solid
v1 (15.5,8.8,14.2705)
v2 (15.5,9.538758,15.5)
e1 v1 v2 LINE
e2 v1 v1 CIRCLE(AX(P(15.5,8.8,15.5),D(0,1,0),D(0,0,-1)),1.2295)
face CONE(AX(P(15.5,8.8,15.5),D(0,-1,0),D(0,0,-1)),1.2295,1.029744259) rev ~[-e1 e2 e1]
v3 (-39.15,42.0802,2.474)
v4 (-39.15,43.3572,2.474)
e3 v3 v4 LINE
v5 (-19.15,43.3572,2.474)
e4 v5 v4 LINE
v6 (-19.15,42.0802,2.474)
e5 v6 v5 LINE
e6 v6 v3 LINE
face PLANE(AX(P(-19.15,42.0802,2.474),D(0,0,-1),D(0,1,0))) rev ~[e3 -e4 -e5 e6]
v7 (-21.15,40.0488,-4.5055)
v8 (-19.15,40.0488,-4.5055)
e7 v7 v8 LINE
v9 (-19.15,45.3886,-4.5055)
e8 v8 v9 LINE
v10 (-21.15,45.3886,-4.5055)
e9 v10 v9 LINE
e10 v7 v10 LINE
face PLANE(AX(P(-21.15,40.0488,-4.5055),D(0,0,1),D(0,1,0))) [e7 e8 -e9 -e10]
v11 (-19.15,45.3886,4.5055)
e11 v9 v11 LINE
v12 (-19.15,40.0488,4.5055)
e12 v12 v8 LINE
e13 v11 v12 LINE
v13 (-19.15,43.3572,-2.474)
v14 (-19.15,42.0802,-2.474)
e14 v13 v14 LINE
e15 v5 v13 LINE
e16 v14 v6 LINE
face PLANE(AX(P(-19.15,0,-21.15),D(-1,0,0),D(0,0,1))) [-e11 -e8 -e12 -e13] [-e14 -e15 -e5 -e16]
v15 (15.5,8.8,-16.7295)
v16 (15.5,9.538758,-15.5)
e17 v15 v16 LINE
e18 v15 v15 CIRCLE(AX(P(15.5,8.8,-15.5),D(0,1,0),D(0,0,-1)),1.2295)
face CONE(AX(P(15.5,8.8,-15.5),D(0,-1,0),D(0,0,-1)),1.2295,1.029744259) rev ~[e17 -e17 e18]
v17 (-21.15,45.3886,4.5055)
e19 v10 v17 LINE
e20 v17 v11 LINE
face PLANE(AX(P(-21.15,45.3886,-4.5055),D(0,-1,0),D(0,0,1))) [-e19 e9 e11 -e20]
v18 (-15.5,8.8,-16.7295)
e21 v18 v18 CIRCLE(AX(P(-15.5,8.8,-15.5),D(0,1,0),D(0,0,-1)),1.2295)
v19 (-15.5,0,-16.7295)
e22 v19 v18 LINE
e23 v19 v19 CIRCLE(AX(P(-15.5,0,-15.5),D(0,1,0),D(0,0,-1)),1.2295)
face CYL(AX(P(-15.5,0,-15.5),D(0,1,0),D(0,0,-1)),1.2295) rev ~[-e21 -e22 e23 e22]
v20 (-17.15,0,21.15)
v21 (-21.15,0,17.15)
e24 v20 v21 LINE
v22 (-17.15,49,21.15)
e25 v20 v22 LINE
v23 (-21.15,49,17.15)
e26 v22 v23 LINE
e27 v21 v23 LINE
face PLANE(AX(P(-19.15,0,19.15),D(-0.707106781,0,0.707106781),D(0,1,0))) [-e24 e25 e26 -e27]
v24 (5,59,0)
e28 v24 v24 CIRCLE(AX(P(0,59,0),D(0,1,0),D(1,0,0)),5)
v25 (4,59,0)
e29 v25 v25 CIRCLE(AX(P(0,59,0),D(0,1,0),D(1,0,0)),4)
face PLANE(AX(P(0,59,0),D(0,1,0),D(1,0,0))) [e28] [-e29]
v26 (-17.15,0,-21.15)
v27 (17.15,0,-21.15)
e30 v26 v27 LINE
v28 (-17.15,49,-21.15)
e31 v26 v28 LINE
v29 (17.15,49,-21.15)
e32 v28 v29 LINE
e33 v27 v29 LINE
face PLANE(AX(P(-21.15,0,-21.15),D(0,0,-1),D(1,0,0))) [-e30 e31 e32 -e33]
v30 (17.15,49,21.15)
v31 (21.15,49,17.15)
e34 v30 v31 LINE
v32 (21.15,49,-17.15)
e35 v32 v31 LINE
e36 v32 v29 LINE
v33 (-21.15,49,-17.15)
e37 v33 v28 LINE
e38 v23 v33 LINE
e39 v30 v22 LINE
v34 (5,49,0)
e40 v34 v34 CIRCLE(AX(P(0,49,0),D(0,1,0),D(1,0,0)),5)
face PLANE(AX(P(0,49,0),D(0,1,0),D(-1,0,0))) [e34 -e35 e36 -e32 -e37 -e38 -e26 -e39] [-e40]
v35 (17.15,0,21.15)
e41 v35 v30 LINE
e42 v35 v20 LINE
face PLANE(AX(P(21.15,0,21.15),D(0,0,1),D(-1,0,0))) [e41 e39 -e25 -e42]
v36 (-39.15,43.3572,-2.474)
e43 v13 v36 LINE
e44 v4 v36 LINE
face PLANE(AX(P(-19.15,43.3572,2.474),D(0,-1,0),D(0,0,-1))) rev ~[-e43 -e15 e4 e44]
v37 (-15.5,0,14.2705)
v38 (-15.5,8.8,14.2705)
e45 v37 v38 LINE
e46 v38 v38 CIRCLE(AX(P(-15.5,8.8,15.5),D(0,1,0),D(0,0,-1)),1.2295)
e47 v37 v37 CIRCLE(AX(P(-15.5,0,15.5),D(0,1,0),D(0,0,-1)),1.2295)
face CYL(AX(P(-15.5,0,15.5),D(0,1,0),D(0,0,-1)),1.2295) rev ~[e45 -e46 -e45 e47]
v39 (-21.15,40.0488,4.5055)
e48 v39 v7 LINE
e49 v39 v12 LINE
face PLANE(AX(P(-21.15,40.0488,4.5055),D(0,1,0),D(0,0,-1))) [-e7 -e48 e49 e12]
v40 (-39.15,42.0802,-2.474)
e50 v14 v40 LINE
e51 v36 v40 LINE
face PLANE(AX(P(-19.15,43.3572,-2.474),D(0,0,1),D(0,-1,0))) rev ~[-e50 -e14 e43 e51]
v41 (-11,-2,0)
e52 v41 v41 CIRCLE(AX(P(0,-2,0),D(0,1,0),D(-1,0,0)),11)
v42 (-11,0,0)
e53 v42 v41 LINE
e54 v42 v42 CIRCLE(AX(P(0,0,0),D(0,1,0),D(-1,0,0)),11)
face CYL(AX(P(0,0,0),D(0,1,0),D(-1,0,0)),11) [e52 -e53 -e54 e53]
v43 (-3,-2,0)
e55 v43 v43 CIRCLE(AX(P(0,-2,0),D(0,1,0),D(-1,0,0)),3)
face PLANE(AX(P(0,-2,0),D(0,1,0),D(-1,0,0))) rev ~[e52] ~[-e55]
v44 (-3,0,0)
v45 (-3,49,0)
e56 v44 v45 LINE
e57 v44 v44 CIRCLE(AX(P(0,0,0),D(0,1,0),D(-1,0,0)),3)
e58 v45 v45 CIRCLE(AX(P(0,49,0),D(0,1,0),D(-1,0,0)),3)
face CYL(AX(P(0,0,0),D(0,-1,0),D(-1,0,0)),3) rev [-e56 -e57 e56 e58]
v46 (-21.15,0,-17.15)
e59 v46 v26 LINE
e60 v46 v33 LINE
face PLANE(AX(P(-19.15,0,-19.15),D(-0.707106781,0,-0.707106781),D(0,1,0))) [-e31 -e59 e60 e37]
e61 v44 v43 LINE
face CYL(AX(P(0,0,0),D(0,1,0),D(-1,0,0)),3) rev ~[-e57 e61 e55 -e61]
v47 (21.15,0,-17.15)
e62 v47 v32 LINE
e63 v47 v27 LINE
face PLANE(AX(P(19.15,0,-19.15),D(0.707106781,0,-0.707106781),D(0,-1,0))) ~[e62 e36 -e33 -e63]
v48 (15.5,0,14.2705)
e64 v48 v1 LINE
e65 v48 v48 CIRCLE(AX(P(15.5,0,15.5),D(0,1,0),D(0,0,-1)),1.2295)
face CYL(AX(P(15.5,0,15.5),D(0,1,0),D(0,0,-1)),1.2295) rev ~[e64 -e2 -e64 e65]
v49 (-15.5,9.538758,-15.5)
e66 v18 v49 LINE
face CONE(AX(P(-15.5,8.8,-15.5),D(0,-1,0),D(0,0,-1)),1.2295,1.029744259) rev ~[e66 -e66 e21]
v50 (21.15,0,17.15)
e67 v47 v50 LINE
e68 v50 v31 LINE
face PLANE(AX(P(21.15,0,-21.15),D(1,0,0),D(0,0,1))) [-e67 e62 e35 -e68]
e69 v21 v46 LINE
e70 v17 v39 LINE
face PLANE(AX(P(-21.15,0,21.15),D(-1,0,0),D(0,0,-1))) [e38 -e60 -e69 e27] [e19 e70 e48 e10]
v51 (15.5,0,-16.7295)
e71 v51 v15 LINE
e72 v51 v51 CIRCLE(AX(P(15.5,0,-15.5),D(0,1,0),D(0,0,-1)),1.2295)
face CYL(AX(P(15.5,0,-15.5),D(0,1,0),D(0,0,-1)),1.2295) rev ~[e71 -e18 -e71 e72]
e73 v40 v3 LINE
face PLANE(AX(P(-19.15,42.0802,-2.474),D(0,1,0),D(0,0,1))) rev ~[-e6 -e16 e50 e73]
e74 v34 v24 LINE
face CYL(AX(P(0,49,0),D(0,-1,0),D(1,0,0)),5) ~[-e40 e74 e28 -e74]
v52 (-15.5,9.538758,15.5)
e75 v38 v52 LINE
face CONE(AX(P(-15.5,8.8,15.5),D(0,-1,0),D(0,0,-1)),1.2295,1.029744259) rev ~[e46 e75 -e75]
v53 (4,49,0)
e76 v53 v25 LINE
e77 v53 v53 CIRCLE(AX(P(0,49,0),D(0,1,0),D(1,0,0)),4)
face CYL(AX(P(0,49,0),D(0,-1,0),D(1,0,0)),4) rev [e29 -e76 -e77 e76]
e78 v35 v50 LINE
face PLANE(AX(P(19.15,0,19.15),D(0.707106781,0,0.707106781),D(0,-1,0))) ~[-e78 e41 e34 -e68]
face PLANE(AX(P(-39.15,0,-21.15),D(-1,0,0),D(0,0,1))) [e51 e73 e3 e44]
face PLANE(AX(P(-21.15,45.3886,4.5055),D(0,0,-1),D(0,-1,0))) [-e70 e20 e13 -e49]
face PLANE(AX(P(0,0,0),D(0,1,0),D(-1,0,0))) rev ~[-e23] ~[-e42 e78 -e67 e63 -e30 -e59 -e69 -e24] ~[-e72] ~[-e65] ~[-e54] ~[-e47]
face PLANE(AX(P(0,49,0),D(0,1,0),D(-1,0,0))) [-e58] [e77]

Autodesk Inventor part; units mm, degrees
ref_plane "YZ Plane" through (0, 0, 0) normal (1, 0, 0) x (0, 1, 0)
ref_plane "XZ Plane" through (0, 0, 0) normal (0, 1, 0) x (-1, 0, 0)
ref_plane "XY Plane" through (0, 0, 0) normal (0, 0, 1) x (1, 0, 0)
sketch "Sketch1" plane through (0, 0, 0) normal (0, 1, 0) x (-1, 0, 0)
  line L0 (-21.15, 21.15) -> (21.15, 21.15)
  line L1 (21.15, 21.15) -> (21.15, -21.15)
  line L2 (21.15, -21.15) -> (-21.15, -21.15)
  line L3 (-21.15, -21.15) -> (-21.15, 21.15)
  line L4 (-21.15, 21.15) -> (21.15, -21.15) construction
  line L5 (21.15, 21.15) -> (-21.15, -21.15) construction
  circle A0 centre (0, 0) radius 3
  circle A1 centre (0, 0) radius 11
  line L6 (15.5, 15.5) -> (-15.5, 15.5)
  line L7 (-15.5, 15.5) -> (-15.5, -15.5)
  line L8 (-15.5, -15.5) -> (15.5, -15.5)
  line L9 (15.5, -15.5) -> (15.5, 15.5)
  line L10 (15.5, 15.5) -> (-15.5, -15.5) construction
  line L11 (-15.5, 15.5) -> (15.5, -15.5) construction
  dimension "d0" = 42.3
  dimension "d10" = 6
  dimension "d11" = 22
  dimension "d18" = 31
extrude "Extrusion1" add sketch "Sketch1" along normal blind 49 contours L0 L1 L2 L3 | A1 | L9 L8 L7 L6
sketch "Sketch2" plane through (-21.15, 0, -21.15) normal (-1, 0, 0) x (0, 0, 1)
  line L0 (25.6555, 40.0488) -> (16.6445, 40.0488)
  line L1 (16.6445, 40.0488) -> (16.6445, 45.3886)
  line L2 (16.6445, 45.3886) -> (25.6555, 45.3886)
  line L3 (25.6555, 45.3886) -> (25.6555, 40.0488)
  line L4 (25.6555, 40.0488) -> (16.6445, 45.3886) construction
  line L5 (16.6445, 40.0488) -> (25.6555, 45.3886) construction
  line L6 (42.3, 0) -> (0, 0) projected
  point P0 (21.15, 0)
  point P1 (21.15, 42.7187)
  point P2 (21.15, 40.0488)
  point P3 (21.15, 0)
extrude "Extrusion2" cut sketch "Sketch2" against normal blind 2
sketch "Sketch3" plane through (-19.15, 0, -21.15) normal (-1, 0, 0) x (0, 0, 1)
  line L0 (25.6555, 40.0488) -> (16.6445, 40.0488) projected
  line L1 (25.6555, 45.3886) -> (25.6555, 40.0488) projected
  line L2 (16.6445, 45.3886) -> (25.6555, 45.3886) projected
  line L3 (16.6445, 40.0488) -> (16.6445, 45.3886) projected
  line L4 (18.676, 42.0802) -> (23.624, 42.0802)
  line L5 (23.624, 42.0802) -> (23.624, 43.3572)
  line L6 (23.624, 43.3572) -> (18.676, 43.3572)
  line L7 (18.676, 43.3572) -> (18.676, 42.0802)
  point P0 (21.15, 0)
extrude "Extrusion3" add sketch "Sketch3" along normal blind 20 contours L7 L6 L5 L4
chamfer "Chamfer1" distance 4 angle 45 4 edges at (-21.15, 24.5, 21.15) (21.15, 24.5, 21.15) (21.15, 24.5, -21.15) (-21.15, 24.5, -21.15)
extrude "Extrusion4" add sketch "Sketch1" against normal blind 2 contours A1
sketch "Sketch4" plane through (0, 49, 0) normal (0, 1, 0) x (1, 0, 0)
  circle A0 centre (0, 0) radius 5
  circle A1 centre (0, 0) radius 4
  dimension "d14" = 10
  dimension "d15" = 1
extrude "Extrusion5" add sketch "Sketch4" along normal blind 10
hole "Hole1" at (-15.5, 0, -15.5) at (15.5, 0, -15.5) at (15.5, 0, 15.5) at (-15.5, 0, 15.5) direction (0, 1, 0) diameter 2.459 depth 8.8 tip angle 118 thread size "M3x0.5" class "6H" standard "ISO Metric profile"
properties part number "L4118L1804-T6X1 — LINEAR ACTUATOR"
